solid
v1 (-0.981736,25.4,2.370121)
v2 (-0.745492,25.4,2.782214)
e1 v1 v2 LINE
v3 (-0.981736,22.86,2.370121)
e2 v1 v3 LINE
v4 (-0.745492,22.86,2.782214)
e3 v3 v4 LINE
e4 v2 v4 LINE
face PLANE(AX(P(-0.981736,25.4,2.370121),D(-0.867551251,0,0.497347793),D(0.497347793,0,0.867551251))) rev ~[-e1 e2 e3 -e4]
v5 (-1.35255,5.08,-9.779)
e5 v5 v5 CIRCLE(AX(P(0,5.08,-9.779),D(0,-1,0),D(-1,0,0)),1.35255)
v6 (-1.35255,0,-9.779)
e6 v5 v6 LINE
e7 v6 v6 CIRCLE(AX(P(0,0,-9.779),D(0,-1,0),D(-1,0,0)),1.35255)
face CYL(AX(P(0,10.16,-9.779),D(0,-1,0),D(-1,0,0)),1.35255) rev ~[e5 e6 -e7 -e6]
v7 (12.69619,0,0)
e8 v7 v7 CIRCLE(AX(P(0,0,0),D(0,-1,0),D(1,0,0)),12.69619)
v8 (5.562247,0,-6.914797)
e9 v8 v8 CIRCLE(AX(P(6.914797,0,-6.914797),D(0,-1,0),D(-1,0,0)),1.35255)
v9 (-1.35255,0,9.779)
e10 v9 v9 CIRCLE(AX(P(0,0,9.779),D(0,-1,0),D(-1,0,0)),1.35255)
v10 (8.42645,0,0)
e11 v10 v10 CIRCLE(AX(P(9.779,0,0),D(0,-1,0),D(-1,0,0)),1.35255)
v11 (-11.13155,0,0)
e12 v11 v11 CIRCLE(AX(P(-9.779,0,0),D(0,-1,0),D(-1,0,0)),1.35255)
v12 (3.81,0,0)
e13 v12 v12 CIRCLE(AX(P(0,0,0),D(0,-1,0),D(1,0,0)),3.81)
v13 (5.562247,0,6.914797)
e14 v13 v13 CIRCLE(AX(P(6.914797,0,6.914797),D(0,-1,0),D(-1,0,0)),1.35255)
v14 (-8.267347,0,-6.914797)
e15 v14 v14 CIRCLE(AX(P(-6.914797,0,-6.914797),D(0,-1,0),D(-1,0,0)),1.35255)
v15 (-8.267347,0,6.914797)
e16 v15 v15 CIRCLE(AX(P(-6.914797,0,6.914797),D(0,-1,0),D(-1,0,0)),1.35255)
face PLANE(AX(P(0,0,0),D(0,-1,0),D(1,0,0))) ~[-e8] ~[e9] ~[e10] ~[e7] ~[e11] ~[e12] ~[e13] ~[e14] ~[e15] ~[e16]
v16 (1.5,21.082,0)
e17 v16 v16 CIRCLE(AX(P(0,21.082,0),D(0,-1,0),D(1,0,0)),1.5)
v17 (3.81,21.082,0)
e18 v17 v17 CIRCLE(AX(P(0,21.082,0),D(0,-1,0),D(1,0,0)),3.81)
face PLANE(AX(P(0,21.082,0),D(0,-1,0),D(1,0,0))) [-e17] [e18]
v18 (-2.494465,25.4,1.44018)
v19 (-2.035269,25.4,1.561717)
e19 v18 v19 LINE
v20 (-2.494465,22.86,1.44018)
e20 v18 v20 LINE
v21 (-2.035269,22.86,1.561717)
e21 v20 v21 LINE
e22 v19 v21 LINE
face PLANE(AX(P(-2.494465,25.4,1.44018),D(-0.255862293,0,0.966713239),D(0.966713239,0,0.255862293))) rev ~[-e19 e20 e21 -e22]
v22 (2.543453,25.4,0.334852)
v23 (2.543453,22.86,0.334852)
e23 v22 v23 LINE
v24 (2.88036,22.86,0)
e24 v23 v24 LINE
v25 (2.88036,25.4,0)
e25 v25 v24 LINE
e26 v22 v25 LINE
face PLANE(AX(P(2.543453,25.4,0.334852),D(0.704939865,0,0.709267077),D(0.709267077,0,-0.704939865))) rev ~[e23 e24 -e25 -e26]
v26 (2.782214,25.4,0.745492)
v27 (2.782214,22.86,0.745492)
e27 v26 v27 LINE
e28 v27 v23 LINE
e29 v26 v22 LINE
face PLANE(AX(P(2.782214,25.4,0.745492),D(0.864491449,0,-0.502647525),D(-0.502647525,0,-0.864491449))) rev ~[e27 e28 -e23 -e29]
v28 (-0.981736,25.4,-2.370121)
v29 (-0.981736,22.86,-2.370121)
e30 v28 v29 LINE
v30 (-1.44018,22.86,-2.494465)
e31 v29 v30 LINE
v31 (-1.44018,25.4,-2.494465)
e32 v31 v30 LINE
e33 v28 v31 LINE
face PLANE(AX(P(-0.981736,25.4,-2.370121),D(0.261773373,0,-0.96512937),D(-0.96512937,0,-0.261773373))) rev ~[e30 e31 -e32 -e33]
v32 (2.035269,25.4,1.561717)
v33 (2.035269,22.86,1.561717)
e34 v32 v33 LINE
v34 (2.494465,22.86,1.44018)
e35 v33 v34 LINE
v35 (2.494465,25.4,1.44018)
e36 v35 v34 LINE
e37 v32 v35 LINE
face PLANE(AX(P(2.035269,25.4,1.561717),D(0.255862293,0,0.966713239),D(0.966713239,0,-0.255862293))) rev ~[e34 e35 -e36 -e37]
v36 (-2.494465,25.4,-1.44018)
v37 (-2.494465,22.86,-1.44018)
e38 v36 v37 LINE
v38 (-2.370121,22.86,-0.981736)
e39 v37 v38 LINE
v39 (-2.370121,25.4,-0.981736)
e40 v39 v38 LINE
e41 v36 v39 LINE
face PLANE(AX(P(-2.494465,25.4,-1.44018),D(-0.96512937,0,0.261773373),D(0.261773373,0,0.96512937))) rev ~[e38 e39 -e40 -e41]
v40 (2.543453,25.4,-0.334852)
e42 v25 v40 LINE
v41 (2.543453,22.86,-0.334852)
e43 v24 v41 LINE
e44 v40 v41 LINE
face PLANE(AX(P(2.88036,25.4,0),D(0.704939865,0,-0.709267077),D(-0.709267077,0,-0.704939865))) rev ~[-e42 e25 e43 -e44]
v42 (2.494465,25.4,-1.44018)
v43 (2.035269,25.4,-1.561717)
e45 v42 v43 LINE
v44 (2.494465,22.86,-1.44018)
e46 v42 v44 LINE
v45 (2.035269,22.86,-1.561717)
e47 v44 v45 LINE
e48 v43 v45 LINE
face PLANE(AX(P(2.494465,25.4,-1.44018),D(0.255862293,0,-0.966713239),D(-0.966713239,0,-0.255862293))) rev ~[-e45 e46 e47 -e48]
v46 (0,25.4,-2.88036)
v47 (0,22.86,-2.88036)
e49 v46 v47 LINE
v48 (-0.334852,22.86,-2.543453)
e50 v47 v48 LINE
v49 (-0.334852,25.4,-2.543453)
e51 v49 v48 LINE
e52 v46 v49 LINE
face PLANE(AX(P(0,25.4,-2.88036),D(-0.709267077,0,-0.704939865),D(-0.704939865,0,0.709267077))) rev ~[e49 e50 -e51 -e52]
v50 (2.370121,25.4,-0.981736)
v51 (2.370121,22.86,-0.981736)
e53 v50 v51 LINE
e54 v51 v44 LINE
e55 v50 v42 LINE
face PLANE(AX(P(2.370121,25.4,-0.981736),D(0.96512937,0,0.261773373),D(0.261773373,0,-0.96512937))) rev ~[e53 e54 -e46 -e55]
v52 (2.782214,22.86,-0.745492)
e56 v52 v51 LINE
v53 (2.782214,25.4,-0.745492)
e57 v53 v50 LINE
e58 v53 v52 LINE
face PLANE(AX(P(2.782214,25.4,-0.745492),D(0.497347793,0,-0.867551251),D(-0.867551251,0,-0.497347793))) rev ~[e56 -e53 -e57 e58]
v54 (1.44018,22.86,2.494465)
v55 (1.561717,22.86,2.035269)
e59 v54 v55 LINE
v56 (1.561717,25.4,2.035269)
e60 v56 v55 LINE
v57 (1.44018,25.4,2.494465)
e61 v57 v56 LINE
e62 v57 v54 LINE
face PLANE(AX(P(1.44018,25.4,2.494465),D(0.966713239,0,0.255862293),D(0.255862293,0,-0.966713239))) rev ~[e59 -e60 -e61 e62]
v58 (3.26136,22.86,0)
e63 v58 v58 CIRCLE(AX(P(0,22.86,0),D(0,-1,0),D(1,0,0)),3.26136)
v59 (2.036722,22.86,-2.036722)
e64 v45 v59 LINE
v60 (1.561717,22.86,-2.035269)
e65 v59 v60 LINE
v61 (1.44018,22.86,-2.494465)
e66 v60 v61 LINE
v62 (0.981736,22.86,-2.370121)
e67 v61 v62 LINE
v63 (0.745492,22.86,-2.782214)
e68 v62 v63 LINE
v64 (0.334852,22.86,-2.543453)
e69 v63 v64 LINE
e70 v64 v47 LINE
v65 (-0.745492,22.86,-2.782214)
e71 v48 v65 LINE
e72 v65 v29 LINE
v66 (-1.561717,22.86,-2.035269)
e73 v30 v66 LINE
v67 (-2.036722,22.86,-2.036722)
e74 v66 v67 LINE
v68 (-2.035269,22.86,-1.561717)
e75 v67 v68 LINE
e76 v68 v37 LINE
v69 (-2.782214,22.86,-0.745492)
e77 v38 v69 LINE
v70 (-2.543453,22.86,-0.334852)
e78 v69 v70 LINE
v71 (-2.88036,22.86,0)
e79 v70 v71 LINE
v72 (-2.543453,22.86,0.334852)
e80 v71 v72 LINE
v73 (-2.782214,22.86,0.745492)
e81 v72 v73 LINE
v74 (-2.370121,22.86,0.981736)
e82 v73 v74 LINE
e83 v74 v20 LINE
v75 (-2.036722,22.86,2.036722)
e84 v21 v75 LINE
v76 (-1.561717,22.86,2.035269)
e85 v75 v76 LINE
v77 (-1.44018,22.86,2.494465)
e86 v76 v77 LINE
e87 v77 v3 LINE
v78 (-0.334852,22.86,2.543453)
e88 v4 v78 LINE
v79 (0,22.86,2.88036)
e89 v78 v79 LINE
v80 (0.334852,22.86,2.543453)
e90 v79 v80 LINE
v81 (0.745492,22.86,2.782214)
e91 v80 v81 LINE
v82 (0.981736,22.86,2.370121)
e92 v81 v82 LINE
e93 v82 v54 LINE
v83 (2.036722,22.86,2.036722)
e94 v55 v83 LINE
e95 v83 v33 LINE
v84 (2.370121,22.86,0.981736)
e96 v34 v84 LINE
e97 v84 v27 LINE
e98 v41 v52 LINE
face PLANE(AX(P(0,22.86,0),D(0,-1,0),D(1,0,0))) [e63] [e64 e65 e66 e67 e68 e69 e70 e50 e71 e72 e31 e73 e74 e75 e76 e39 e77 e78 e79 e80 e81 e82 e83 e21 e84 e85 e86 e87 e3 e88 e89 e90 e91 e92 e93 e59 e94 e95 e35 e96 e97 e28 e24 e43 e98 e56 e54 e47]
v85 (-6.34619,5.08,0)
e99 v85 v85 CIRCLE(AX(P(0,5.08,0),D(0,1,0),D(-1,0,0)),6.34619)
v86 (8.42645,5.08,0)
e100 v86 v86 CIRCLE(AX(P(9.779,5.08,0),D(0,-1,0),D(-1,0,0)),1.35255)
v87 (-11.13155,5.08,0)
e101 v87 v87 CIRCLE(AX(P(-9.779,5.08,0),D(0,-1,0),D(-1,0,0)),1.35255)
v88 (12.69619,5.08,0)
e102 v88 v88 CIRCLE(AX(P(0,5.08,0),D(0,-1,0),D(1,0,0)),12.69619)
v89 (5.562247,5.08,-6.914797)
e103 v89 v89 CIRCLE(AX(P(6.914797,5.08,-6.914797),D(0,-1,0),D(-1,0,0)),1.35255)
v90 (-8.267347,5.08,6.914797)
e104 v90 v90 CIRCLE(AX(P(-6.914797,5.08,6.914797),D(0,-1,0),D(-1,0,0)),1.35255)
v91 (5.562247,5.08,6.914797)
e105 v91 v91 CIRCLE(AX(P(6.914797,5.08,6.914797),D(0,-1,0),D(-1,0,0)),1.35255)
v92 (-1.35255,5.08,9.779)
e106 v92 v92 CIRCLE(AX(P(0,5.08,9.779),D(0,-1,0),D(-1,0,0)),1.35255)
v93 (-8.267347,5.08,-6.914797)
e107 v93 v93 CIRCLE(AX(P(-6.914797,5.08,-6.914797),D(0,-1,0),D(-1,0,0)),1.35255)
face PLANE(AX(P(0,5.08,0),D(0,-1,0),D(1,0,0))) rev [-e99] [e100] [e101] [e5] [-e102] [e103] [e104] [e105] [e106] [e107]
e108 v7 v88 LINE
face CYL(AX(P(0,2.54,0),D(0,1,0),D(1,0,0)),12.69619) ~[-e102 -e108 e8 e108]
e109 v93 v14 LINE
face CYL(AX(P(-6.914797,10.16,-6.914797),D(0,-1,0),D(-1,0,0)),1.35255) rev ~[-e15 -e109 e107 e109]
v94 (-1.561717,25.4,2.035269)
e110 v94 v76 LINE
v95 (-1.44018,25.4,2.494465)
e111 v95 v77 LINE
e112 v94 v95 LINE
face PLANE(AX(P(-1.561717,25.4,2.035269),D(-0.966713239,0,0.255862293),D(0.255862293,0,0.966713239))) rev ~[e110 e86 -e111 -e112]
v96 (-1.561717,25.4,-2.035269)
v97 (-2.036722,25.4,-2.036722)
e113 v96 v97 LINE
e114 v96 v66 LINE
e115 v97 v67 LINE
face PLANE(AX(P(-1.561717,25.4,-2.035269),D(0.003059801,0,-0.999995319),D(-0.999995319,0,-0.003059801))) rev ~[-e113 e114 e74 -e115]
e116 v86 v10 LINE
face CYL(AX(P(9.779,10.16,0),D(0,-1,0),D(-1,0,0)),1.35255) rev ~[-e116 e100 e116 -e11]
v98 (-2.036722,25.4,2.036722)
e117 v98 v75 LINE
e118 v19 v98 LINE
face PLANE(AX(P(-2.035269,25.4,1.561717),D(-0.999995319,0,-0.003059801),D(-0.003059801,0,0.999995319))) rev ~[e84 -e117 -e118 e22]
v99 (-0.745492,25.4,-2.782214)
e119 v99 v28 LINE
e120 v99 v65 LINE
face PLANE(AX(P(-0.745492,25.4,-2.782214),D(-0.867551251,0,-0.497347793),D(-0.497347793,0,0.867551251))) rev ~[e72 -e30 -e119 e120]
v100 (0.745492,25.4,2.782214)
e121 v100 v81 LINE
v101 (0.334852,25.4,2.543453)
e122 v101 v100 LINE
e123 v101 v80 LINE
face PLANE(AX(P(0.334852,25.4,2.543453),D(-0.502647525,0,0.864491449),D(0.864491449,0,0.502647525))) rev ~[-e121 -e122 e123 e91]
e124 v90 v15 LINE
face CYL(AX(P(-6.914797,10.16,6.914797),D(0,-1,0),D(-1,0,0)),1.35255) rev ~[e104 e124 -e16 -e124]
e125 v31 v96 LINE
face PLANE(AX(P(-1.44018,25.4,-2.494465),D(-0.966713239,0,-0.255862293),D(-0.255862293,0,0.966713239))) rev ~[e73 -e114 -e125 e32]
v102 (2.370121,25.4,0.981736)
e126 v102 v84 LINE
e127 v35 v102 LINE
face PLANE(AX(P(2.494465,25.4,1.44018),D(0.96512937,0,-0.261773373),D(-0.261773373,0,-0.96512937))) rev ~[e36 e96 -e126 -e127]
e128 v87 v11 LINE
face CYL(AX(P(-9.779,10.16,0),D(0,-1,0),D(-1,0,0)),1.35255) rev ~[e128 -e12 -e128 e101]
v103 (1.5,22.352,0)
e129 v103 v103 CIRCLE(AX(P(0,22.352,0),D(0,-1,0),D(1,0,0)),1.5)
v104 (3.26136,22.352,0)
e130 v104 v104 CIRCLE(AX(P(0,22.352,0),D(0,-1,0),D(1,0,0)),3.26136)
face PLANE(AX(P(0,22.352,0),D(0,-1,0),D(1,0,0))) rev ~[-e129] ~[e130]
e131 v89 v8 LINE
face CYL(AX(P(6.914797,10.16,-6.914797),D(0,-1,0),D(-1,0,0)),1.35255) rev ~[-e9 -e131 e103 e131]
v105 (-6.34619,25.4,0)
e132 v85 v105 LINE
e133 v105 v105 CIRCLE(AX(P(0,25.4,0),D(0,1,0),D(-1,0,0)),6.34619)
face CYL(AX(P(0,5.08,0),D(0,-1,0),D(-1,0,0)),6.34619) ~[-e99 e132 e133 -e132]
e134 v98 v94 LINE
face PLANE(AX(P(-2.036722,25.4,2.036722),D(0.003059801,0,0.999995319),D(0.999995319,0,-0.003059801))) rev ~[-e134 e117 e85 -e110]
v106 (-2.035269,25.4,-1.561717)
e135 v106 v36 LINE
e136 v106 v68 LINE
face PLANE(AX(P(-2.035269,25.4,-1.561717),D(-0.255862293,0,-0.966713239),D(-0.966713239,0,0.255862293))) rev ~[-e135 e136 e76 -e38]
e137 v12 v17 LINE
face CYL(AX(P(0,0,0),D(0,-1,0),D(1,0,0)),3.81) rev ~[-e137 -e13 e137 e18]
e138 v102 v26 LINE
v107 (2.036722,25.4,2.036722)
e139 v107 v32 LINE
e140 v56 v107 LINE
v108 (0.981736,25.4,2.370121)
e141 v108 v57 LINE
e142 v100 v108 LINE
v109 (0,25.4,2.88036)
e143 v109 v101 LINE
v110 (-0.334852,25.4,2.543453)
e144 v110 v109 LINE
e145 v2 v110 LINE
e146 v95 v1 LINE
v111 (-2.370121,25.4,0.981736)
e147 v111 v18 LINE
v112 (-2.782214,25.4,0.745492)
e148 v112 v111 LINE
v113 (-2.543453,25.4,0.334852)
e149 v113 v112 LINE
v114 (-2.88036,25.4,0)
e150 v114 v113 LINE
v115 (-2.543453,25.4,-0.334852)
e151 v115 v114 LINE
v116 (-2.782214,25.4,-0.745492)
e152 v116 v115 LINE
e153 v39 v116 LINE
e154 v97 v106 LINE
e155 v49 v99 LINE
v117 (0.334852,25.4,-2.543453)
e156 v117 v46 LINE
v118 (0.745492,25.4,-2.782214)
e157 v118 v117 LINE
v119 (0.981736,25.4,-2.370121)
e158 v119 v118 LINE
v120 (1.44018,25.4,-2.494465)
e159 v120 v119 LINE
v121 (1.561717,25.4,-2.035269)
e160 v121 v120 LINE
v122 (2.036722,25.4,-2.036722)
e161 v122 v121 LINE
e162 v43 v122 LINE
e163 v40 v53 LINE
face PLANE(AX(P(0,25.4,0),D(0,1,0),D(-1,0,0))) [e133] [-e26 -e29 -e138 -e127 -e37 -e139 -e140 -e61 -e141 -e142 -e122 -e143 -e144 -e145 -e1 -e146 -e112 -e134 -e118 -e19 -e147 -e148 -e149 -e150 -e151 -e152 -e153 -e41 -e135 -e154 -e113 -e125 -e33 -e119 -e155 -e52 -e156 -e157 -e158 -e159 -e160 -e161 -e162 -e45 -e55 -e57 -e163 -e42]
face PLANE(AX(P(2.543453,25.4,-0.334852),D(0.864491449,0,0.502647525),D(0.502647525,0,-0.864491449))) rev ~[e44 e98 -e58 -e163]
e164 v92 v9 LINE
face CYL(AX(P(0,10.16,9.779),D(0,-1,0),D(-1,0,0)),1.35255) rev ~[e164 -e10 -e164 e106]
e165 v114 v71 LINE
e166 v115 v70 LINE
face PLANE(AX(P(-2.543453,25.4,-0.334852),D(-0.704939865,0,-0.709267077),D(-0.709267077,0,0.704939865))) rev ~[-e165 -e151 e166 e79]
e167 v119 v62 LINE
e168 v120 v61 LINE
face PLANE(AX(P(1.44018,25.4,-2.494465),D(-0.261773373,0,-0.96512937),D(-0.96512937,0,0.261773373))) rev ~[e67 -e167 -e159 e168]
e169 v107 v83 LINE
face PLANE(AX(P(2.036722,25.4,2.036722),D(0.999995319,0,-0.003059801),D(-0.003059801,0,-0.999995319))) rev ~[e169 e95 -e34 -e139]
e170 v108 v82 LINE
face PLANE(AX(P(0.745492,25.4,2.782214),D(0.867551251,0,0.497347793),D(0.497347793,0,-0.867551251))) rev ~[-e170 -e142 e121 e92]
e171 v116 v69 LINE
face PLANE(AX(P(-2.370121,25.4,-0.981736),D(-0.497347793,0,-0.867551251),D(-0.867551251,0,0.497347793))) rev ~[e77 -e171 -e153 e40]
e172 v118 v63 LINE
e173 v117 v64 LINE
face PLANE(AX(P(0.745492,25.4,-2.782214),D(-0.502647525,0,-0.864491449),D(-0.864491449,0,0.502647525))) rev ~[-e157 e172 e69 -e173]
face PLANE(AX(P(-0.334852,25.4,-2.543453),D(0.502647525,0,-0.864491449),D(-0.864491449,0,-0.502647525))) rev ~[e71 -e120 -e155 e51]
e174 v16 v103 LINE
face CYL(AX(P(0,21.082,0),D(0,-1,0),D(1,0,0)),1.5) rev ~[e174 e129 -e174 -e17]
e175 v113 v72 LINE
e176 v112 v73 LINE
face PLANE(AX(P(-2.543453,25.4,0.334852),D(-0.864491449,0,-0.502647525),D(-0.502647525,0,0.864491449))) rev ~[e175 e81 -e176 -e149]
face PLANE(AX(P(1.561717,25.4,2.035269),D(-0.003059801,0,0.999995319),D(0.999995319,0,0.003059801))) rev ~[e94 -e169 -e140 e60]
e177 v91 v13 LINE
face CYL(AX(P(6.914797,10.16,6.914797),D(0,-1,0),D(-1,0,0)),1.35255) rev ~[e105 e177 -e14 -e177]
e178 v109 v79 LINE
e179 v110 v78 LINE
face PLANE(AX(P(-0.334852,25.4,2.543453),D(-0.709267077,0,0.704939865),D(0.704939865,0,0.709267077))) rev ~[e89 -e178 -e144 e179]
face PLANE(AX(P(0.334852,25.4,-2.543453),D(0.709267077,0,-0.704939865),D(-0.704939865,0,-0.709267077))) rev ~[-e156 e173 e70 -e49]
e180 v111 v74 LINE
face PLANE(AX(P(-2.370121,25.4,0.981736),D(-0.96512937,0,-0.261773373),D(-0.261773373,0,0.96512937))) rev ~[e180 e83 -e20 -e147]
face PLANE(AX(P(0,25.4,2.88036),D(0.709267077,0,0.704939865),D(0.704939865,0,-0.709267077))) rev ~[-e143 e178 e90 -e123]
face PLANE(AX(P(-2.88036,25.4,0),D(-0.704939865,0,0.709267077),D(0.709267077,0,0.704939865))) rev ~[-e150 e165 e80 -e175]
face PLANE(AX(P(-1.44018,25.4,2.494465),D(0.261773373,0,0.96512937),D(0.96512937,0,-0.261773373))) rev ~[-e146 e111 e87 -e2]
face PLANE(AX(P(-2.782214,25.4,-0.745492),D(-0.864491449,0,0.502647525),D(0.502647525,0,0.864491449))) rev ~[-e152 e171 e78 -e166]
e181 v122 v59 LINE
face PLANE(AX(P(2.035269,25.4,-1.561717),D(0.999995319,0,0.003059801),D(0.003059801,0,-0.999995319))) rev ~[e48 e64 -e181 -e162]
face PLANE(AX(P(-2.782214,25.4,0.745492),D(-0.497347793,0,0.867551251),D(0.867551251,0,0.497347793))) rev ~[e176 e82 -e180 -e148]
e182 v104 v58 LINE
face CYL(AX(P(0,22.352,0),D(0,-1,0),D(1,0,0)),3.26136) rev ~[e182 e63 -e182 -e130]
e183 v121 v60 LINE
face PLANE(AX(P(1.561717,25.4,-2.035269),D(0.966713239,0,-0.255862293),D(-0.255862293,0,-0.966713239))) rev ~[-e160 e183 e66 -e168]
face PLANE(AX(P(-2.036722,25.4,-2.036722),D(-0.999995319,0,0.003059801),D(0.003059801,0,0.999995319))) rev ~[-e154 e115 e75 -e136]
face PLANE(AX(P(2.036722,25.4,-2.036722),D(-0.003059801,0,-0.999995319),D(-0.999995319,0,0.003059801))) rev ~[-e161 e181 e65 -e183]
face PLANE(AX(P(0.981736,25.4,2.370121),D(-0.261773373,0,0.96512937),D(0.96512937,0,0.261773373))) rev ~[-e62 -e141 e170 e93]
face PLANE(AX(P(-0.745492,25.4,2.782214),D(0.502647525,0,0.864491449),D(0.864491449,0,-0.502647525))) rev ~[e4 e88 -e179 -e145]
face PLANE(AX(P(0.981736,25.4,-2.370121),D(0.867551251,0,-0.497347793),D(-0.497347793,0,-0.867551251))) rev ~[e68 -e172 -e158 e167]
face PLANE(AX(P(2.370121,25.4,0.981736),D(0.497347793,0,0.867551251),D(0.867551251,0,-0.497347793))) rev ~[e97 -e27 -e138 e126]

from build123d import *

# Parameters (mm, degrees)
SKETCH1_W                  = 12.69619
SKETCH1_H                  = 5.08
SKETCH2_R                  = 6.34619
BOSS_EXTRUDE1_DEPTH        = 20.32
SKETCH3_R                  = 3.26136
CUT_EXTRUDE1_DEPTH         = 0.508
CUT_EXTRUDE2_REACH         = 27.4
SKETCH5_R                  = 3.81
CUT_EXTRUDE3_DEPTH         = 21.082
SKETCH6_R                  = 1.5
CUT_EXTRUDE4_DEPTH         = 5.318
M2_5_CLEARANCE_HOLE1_D     = 2.7051
M2_5_CLEARANCE_HOLE1_DEPTH = 5.08


with BuildPart() as part:
    # Sketch1 → Revolve1 (revolve)
    with BuildSketch(Plane.XY):
        with Locations((6.348095, 2.54)):
            Rectangle(SKETCH1_W, SKETCH1_H)
    revolve(axis=Axis((0, 5.08, 0), (0, -1, 0)))

    # Sketch2 → Boss-Extrude1 (add)
    with BuildSketch(Plane(origin=(0, 5.08, 0), x_dir=(-1, 0, 0), z_dir=(0, 1, 0))):
        Circle(SKETCH2_R)
    extrude(amount=BOSS_EXTRUDE1_DEPTH)

    # Sketch3 → Cut-Extrude1 (cut)
    with BuildSketch(Plane.XZ.offset(-22.352)):
        Circle(SKETCH3_R)
    extrude(amount=-CUT_EXTRUDE1_DEPTH, mode=Mode.SUBTRACT)

    # Sketch4 → Cut-Extrude2 (cut, up to next)
    with BuildSketch(Plane(origin=(0, 25.4, 0), x_dir=(-1, 0, 0), z_dir=(0, 1, 0)), mode=Mode.PRIVATE) as cut_extrude2_sk1:
        Polygon((-2.494464932, -1.44018), (-2.035268659, -1.56171657), (-2.036722088, -2.036722088), (-1.56171657, -2.035268659), (-1.44018, -2.494464932), (-0.981736077, -2.370120553), (-0.745492025, -2.782214113), (-0.334851894, -2.543452647), (0, -2.88036), (0.334851894, -2.543452647), (0.745492025, -2.782214113), (0.981736077, -2.370120553), (1.44018, -2.494464932), (1.56171657, -2.035268659), (2.036722088, -2.036722088), (2.035268659, -1.56171657), (2.494464932, -1.44018), (2.370120553, -0.981736077), (2.782214113, -0.745492025), (2.543452647, -0.334851894), (2.88036, 0), (2.543452647, 0.334851894), (2.782214113, 0.745492025), (2.370120553, 0.981736077), (2.494464932, 1.44018), (2.035268659, 1.56171657), (2.036722088, 2.036722088), (1.56171657, 2.035268659), (1.44018, 2.494464932), (0.981736077, 2.370120553), (0.745492025, 2.782214113), (0.334851894, 2.543452647), (0, 2.88036), (-0.334851894, 2.543452647), (-0.745492025, 2.782214113), (-0.981736077, 2.370120553), (-1.44018, 2.494464932), (-1.56171657, 2.035268659), (-2.036722088, 2.036722088), (-2.035268659, 1.56171657), (-2.494464932, 1.44018), (-2.370120553, 0.981736077), (-2.782214113, 0.745492025), (-2.543452647, 0.334851894), (-2.88036, 0), (-2.543452647, -0.334851894), (-2.782214113, -0.745492025), (-2.370120553, -0.981736077), align=None)
    cut_extrude2_tool1 = extrude(cut_extrude2_sk1.sketch, amount=-CUT_EXTRUDE2_REACH, mode=Mode.PRIVATE) & part.part
    add(cut_extrude2_tool1.solids().sort_by_distance((0, 25.4, 0))[0], mode=Mode.SUBTRACT)

    # Sketch5 → Cut-Extrude3 (cut)
    with BuildSketch(Plane.XZ):
        Circle(SKETCH5_R)
    extrude(amount=-CUT_EXTRUDE3_DEPTH, mode=Mode.SUBTRACT)

    # Sketch6 → Cut-Extrude4 (cut, through all)
    with BuildSketch(Plane.XZ.offset(-21.082)):
        Circle(SKETCH6_R)
    extrude(amount=-CUT_EXTRUDE4_DEPTH, mode=Mode.SUBTRACT)

    # M2.5 Clearance Hole1
    with Locations(Plane(origin=(0, 5.08, 0), x_dir=(1, 0, 0), z_dir=(0, 1, 0))):
        with Locations((6.914797213, -6.914797213), (0, -9.779), (-6.914797213, -6.914797213), (-9.779, 0), (-6.914797213, 6.914797213), (0, 9.779), (6.914797213, 6.914797213), (9.779, 0)):
            Hole(M2_5_CLEARANCE_HOLE1_D / 2, depth=M2_5_CLEARANCE_HOLE1_DEPTH)


solid = part.part
